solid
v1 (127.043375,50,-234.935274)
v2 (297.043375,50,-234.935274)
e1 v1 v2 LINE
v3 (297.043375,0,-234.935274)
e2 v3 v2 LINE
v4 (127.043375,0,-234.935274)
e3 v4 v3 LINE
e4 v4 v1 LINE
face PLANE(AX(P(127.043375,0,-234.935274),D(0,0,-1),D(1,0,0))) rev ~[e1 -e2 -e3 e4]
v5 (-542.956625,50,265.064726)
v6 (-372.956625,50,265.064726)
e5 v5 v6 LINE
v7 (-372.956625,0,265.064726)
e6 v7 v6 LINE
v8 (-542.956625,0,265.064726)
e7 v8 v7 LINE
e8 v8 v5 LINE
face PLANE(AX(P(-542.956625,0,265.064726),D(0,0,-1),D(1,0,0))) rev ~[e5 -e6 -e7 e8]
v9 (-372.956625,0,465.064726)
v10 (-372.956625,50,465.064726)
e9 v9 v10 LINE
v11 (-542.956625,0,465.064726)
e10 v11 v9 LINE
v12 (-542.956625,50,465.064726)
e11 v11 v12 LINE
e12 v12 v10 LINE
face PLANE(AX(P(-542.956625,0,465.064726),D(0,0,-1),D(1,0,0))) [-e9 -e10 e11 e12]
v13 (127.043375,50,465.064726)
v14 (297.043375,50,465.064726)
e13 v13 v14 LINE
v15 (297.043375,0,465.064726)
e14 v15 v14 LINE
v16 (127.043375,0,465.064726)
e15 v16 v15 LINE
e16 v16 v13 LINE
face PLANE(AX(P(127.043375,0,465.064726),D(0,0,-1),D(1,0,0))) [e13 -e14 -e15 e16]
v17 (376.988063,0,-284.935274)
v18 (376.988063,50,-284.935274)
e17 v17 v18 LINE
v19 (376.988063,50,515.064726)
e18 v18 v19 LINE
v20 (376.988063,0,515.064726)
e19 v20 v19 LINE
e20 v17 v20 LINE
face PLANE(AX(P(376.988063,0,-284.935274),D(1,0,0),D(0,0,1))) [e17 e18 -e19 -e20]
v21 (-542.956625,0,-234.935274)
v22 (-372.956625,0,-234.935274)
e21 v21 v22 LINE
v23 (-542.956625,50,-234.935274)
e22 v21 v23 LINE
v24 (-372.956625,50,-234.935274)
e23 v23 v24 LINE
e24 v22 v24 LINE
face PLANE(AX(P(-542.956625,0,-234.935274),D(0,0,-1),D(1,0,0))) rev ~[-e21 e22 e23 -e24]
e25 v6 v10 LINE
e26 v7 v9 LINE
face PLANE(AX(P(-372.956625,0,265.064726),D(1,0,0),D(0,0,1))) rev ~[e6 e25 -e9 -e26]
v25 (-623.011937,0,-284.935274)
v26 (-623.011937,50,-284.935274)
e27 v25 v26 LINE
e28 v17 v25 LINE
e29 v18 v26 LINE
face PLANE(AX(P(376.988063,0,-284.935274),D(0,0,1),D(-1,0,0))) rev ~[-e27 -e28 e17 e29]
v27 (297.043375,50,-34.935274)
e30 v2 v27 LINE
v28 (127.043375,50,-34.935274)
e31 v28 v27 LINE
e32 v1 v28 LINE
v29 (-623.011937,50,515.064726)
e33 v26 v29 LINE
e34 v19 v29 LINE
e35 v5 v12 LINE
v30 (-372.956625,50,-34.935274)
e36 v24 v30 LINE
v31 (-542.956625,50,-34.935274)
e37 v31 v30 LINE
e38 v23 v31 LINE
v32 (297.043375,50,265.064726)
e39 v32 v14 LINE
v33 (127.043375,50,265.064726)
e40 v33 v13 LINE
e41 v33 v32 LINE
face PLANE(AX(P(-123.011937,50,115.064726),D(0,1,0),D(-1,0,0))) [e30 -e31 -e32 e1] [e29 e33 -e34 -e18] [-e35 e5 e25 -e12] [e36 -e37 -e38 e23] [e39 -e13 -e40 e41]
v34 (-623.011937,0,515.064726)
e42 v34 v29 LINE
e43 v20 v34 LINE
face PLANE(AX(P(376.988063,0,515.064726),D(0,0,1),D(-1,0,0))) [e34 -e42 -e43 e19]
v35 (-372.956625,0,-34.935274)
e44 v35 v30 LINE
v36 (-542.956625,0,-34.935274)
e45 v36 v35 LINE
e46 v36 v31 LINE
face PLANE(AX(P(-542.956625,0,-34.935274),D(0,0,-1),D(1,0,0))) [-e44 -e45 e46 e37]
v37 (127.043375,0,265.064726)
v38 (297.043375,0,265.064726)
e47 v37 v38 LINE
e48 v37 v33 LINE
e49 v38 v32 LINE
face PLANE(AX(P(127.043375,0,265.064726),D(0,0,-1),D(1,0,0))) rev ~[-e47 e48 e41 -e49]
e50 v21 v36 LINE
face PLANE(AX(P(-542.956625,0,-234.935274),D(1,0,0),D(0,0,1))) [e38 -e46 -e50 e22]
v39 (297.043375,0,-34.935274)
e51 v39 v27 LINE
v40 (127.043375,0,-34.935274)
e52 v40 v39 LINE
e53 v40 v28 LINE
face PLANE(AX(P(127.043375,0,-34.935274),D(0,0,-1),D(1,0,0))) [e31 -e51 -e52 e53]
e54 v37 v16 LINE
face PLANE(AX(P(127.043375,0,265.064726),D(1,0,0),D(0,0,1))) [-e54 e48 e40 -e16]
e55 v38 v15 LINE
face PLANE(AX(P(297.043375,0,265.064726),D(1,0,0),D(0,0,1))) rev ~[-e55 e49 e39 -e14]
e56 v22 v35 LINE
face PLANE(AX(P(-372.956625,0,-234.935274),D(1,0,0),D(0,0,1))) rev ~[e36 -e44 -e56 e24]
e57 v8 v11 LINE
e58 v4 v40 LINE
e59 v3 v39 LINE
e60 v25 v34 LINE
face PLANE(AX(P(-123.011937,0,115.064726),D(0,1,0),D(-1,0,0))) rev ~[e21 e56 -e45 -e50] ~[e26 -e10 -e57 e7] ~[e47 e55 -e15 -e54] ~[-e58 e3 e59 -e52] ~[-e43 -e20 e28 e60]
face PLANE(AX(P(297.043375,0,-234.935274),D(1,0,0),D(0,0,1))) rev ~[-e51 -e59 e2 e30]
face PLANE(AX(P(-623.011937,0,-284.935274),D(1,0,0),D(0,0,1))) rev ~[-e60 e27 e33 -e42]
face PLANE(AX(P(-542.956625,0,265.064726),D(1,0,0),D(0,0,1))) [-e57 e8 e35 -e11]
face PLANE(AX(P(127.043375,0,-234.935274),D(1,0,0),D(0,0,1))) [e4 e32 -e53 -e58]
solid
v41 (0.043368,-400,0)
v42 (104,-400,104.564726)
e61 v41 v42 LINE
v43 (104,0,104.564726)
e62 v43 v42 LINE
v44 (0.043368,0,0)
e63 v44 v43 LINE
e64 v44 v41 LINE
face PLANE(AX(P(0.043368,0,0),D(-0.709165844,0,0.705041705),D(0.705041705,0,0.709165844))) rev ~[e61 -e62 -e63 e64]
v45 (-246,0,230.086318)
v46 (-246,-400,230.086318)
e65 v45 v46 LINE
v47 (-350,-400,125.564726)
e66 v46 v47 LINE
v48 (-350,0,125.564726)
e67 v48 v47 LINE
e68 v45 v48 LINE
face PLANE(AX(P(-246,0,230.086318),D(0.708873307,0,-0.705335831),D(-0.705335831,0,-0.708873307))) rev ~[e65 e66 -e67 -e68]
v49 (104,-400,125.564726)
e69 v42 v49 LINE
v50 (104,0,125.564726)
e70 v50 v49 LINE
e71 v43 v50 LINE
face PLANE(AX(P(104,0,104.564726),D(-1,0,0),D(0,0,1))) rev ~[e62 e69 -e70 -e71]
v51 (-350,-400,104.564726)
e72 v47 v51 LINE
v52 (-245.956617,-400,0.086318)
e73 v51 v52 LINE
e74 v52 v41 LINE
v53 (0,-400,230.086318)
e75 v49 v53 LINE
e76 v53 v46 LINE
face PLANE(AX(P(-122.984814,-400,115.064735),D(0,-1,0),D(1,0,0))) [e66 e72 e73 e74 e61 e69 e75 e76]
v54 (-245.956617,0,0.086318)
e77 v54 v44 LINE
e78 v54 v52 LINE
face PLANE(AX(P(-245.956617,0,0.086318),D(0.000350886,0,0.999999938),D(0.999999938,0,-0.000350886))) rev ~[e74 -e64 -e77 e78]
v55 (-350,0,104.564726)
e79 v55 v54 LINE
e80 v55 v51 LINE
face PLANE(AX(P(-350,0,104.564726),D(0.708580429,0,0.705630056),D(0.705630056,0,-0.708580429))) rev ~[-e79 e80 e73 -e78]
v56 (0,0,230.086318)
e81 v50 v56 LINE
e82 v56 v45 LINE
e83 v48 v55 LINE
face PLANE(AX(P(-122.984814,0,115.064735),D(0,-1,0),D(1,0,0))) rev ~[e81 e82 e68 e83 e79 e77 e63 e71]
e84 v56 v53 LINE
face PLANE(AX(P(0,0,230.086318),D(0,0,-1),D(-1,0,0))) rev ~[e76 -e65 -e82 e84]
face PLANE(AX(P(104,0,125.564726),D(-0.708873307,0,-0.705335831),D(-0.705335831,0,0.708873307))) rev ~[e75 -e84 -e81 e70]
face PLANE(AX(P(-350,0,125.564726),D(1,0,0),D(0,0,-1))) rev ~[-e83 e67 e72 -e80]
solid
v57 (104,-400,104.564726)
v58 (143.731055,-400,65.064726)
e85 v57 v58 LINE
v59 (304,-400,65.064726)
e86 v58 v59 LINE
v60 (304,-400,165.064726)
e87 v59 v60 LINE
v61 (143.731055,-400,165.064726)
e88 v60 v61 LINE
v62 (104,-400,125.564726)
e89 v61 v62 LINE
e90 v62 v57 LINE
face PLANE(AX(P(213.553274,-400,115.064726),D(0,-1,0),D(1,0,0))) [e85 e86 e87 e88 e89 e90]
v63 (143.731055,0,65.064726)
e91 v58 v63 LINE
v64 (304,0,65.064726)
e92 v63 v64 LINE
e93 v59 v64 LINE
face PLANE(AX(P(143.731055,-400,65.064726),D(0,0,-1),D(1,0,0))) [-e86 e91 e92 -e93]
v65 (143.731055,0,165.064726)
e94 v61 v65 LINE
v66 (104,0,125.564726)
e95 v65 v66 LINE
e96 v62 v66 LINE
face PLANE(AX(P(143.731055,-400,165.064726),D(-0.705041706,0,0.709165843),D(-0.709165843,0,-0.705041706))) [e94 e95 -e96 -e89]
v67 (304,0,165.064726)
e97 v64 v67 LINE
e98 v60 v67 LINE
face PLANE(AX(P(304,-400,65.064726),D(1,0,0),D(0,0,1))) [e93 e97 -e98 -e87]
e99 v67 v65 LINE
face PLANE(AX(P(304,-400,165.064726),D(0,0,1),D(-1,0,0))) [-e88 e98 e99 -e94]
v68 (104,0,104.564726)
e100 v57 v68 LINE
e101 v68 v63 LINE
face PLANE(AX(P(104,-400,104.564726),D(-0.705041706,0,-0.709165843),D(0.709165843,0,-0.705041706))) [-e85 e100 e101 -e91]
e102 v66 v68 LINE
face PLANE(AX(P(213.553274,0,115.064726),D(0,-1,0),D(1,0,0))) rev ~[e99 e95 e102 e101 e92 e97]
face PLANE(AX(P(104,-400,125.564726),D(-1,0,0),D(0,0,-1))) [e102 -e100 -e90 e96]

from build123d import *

# Parameters (mm, degrees)
F1_DEPTH = 400
F2_W     = 1000
F2_H     = 800
F3_DEPTH = 50
F4_W     = 170
F4_H     = 200
F6_DEPTH = 50
F8_DEPTH = 400


with BuildPart() as f1:
    # F0 (on Front) → F1 (new body)
    with BuildSketch(Plane.XZ):
        Polygon((-350, 104.564726), (-245.956617, 0.086318), (0.043368, 0), (104, 104.564726), (104, 125.564726), (0, 230.086318), (-246, 230.086318), (-350, 125.564726), align=None)
    extrude(amount=F1_DEPTH)


with BuildPart() as f3:
    # F2 (on face) → F3 (new body)
    with BuildSketch(Plane(origin=(0, 0, 0), x_dir=(-1, 0, 0), z_dir=(0, 1, 0))):
        with Locations((123.011937, 115.064726)):
            Rectangle(F2_W, F2_H)
    extrude(amount=F3_DEPTH)

    # F4 (on face) → F6 (cut, through all)
    with BuildSketch(Plane.XZ):
        with Locations((-457.956625, -134.935274)):
            Rectangle(F4_W, F4_H)
        with Locations((-457.956625, 365.064726)):
            Rectangle(F4_W, F4_H)
        with Locations((212.043375, 365.064726)):
            Rectangle(F4_W, F4_H)
        with Locations((212.043375, -134.935274)):
            Rectangle(F4_W, F4_H)
    extrude(amount=-F6_DEPTH, mode=Mode.SUBTRACT)


with BuildPart() as f8:
    # F7 (on face) → F8 (new body)
    with BuildSketch(Plane.XZ.offset(400)):
        Polygon((104, 125.564726), (104, 115.064726), (104, 104.564726), (143.731055, 65.064726), (304, 65.064726), (304, 115.064726), (304, 165.064726), (143.731055, 165.064726), align=None)
    extrude(amount=-F8_DEPTH)


solid = Compound([f1.part, f3.part, f8.part])
